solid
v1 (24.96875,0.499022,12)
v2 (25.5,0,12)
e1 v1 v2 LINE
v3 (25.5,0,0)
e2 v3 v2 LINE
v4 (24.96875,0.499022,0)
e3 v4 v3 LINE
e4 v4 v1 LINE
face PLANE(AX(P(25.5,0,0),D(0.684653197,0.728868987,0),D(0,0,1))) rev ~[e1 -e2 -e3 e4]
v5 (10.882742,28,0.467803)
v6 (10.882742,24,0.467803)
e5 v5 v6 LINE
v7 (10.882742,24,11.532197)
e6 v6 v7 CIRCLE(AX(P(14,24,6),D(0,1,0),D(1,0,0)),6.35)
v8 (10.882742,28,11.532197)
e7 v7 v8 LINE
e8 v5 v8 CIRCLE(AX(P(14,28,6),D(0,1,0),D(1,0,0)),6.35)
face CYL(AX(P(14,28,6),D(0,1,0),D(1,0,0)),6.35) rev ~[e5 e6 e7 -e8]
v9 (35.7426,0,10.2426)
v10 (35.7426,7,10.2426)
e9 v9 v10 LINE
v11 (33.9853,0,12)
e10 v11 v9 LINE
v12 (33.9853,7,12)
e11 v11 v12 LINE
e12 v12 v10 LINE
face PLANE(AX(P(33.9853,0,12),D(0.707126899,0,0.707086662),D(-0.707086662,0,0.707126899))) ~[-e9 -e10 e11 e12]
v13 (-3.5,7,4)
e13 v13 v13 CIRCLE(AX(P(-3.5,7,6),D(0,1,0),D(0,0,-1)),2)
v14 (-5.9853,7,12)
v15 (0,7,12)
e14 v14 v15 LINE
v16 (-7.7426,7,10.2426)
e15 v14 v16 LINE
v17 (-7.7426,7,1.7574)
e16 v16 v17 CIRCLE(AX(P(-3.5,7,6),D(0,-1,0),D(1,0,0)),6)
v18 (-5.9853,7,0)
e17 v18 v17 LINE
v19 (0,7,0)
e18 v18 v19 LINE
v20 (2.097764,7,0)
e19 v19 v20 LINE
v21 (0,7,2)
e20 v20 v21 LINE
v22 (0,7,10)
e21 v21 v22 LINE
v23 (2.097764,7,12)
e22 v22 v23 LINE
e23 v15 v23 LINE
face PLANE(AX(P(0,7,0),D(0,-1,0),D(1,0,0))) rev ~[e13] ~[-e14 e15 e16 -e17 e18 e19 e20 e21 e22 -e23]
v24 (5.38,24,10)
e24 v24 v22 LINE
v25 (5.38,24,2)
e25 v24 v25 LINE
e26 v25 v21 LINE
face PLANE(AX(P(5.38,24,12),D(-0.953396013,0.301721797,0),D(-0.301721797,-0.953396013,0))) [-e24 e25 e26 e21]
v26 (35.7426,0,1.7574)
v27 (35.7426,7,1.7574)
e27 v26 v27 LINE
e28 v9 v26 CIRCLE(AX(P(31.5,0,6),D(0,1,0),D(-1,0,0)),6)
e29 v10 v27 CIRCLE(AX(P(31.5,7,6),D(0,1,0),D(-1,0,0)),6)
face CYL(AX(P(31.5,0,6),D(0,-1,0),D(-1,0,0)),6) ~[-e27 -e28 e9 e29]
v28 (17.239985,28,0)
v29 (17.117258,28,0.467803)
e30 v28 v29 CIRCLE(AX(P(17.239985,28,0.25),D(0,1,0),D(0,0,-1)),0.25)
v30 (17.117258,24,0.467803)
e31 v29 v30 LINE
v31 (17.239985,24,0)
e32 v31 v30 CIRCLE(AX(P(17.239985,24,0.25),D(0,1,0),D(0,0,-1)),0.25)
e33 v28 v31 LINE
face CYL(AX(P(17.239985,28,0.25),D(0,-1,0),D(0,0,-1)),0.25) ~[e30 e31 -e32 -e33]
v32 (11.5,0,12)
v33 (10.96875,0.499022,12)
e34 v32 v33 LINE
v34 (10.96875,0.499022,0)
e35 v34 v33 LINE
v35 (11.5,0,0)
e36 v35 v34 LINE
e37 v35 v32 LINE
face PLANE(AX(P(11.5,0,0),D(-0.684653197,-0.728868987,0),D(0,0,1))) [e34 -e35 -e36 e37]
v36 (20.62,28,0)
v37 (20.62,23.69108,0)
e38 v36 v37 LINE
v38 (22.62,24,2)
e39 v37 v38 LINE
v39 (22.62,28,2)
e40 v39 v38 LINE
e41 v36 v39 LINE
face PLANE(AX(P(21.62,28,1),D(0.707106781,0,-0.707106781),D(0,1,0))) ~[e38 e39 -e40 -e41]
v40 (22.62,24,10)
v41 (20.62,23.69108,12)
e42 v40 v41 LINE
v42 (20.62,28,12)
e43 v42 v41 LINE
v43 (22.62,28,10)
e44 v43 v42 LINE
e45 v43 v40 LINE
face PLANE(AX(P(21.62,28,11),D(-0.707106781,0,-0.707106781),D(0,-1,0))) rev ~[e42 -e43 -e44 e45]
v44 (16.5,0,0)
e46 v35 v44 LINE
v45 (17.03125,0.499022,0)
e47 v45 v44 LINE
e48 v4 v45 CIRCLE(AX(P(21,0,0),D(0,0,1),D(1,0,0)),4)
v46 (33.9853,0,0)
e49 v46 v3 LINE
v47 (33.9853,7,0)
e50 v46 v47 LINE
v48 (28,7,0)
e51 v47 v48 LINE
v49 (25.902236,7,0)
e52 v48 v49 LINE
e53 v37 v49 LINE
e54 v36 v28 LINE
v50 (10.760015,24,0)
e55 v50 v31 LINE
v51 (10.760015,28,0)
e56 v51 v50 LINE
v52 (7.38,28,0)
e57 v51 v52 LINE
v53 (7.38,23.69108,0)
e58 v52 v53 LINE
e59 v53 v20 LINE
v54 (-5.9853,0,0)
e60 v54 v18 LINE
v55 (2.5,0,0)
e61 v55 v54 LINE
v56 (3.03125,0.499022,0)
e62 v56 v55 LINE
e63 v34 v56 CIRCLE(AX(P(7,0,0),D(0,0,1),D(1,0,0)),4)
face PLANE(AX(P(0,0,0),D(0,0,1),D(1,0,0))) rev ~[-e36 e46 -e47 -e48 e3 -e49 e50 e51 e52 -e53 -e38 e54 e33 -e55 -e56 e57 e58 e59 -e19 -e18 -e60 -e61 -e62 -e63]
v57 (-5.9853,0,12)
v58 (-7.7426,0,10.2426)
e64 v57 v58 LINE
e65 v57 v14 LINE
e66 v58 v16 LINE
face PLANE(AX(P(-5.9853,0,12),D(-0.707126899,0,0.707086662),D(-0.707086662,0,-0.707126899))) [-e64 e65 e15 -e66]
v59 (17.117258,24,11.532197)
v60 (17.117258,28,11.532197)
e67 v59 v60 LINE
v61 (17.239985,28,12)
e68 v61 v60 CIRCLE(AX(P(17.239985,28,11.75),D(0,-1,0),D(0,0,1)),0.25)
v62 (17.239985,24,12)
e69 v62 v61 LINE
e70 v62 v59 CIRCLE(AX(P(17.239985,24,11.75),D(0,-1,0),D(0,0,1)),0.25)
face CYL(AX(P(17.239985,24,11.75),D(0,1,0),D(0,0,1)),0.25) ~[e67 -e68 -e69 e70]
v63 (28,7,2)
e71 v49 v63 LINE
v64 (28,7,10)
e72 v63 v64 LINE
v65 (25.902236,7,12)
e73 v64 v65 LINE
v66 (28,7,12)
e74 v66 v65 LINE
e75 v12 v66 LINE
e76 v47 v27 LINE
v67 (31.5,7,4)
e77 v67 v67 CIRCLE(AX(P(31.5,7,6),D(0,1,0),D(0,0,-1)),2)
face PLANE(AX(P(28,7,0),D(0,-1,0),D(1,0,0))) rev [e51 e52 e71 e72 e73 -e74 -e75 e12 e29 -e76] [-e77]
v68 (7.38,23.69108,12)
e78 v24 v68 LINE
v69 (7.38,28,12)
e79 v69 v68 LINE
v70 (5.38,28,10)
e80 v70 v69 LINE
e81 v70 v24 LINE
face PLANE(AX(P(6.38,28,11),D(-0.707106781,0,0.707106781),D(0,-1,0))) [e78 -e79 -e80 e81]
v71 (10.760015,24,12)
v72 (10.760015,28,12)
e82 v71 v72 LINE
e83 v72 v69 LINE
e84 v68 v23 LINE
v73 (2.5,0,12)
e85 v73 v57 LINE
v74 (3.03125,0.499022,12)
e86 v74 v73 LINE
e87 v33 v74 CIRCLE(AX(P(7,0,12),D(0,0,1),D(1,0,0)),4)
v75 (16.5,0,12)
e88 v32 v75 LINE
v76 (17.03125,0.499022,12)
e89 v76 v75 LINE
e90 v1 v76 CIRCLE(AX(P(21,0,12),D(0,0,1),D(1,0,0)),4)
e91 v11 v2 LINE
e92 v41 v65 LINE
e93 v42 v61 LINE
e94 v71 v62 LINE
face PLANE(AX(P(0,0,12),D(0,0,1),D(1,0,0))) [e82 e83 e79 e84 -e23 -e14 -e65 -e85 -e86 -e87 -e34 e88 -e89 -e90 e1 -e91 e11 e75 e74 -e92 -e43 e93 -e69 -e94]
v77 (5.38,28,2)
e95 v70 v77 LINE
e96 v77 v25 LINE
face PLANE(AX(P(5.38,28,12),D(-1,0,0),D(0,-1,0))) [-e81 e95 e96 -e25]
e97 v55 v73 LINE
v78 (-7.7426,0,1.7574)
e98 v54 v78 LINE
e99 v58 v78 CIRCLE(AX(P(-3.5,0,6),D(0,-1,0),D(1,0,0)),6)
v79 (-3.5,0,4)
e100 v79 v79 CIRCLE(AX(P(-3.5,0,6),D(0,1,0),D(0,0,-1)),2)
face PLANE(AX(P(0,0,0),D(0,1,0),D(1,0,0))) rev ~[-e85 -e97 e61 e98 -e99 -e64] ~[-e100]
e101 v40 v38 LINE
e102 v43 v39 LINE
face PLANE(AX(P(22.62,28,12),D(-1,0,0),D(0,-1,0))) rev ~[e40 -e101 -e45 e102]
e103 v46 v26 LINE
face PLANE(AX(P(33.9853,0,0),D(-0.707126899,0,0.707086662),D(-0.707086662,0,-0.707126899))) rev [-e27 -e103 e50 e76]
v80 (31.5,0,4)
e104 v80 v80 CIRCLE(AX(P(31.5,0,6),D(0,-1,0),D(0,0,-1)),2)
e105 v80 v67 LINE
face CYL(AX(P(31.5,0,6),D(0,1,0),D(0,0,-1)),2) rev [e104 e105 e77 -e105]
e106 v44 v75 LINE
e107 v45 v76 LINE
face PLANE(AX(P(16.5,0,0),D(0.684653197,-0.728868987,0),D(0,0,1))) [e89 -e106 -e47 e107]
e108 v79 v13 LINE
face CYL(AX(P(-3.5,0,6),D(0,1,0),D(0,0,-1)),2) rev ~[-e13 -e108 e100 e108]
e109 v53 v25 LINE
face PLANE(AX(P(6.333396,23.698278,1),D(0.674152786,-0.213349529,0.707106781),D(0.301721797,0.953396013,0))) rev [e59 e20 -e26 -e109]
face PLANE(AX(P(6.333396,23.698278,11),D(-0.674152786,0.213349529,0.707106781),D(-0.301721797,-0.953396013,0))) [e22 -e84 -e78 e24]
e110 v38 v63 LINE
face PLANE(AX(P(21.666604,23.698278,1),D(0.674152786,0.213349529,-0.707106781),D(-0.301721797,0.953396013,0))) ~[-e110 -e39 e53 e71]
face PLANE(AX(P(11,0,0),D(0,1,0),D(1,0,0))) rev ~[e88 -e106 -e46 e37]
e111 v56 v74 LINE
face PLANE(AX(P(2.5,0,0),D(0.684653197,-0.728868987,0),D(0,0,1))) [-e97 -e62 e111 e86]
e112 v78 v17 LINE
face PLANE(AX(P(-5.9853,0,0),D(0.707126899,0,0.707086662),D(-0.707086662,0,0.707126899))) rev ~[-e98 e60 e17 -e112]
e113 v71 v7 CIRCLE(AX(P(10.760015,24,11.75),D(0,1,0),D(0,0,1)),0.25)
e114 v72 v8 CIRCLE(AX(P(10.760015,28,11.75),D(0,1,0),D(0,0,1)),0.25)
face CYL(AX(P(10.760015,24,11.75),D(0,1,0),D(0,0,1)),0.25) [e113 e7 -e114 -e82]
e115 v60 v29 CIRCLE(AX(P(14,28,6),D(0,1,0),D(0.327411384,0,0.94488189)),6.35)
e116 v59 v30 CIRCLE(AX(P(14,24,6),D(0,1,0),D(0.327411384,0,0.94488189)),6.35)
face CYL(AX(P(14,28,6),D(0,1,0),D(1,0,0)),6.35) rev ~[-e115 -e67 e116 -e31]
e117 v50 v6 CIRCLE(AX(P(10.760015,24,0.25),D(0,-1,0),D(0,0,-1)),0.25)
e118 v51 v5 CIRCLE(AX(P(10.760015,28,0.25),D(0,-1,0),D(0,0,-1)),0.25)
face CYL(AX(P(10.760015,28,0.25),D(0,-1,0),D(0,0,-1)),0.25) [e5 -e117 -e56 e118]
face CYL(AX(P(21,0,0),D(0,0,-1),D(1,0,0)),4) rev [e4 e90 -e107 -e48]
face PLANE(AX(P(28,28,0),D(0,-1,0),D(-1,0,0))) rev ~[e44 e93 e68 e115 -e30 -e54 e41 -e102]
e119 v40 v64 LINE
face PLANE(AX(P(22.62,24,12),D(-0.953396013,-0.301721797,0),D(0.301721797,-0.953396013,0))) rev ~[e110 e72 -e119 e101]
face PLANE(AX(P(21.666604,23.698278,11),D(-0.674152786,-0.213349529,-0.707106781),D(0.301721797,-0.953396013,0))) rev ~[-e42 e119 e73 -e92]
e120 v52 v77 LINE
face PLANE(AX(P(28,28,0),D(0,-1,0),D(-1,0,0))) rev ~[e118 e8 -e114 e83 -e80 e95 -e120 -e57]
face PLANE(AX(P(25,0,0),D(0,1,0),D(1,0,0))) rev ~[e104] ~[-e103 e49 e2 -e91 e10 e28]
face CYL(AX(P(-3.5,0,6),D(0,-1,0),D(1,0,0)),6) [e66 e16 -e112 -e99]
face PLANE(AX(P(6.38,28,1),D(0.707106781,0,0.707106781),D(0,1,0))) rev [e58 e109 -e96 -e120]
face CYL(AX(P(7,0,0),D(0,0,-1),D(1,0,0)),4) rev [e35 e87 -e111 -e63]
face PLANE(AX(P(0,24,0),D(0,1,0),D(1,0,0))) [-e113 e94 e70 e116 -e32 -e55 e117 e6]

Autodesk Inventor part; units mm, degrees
ref_plane "YZ Plane" through (0, 0, 0) normal (1, 0, 0) x (0, 1, 0)
ref_plane "XZ Plane" through (0, 0, 0) normal (0, 1, 0) x (-1, 0, 0)
sketch "Sketch1" plane through (0, 0, 0) normal (0, 0, 1) x (1, 0, 0)
  line L0 (0, 0) -> (28, 0)
  line L1 (28, 0) -> (28, 28)
  line L2 (28, 28) -> (0, 28)
  line L3 (0, 28) -> (0, 0)
  circle A0 centre (7, 0) radius 4
  circle A1 centre (21, 0) radius 4
  point P0 (3, 0)
  point P1 (11, 0)
  point P2 (17, 0)
  point P3 (25, 0)
  dimension "d0" = 28
  dimension "d1" = 28
  dimension "d2" = 8
  dimension "d3" = 8
  dimension "d4" = 14
  dimension "d5" = 7
  dimension "d6" = 7
extrude "Extrusion1" add sketch "Sketch1" along normal blind 12 contours A1 L0 A0 L3 L2 L1
chamfer "Chamfer1" distance 0.5 angle 45 4 edges at (3, 0, 6) (11, 0, 6) (17, 0, 6) (25, 0, 6)
sketch "Sketch2" plane through (0, 28, 0) normal (0, 1, 0) x (1, 0, 0)
  circle A0 centre (14, -6) radius 6.35
  line L0 (28, 0) -> (0, 0) projected
  line L1 (28, 0) -> (28, -12) projected
  point P0 (14, 0)
  point P1 (28, -6)
  point P2 (16.0791, 0)
  point P3 (11.9209, 0)
  dimension "d12" = 12.7
extrude "Extrusion2" cut sketch "Sketch2" against normal blind 4 contours A0 L0 picked at (13.6383, -8.0675)
fillet "Fillet1" radius 0.25 4 edges at (11.9209, 26, 0) (16.0791, 26, 0) (11.9209, 26, 12) (16.0791, 26, 12)
ref_plane "Work Plane3" through (14, 0, 0) normal (-1, 0, 0) x (0, 0, 1)
sketch "Sketch5" plane through (0, 0, 0) normal (0, -1, 0) x (1, 0, 0)
  circle A0 centre (-3.5, 6) radius 2
  circle A1 centre (-3.5, 6) radius 3.5
  circle A2 centre (-3.5, 6) radius 6
  line L0 (2.5, 12) -> (2.5, 0) projected
  line L1 (0, 12) -> (2.5, 12) projected
  line L2 (0, 0) -> (0, 12) projected
  line L3 (0, 0) -> (2.5, 0) projected
  line L4 (0, 0) -> (0, 12) projected
  line L5 (0, 0) -> (-5.9853, 0)
  line L6 (-5.9853, 0) -> (-7.7426, 1.7574)
  line L7 (0, 12) -> (-5.9853, 12)
  line L8 (-5.9853, 12) -> (-7.7426, 10.2426)
  line L9 (0, 0) -> (0, 12) projected
  dimension "d22" = 4
  dimension "d23" = 7
  dimension "d24" = 135
  dimension "d25" = 135
extrude "Extrusion3" add sketch "Sketch5" against normal blind 7 contours A0 | A1 | L2 A2 | L2 L5 A2 | A2 L7 L2 | L5 L6 A2 | A2 L8 L7 picked at (-7.4809, 9.2519)
sketch "Sketch6" plane through (2.5, 0, 0) normal (0, -1, 0) x (1, 0, 0)
  arc A0 (-10.2426, 10.2426) -> (-10.2426, 1.7574) centre (-6, 6) ccw projected
  point P0 (-2.5, 0)
hole "Hole1" at (-3.5, 0, 6) direction (0, 1, 0) diameter 4 end through all
mirror "Mirror2" about plane through (14, 0, 0) normal (-1, 0, 0) of "Extrusion3", "Hole1"
sketch "Sketch7" plane through (0, 0, 12) normal (0, 0, 1) x (1, 0, 0)
  line L0 (17.24, 24) -> (10.76, 24) projected
  line L1 (17.1173, 24) -> (17.24, 24) projected
  line L2 (17.1173, 24) -> (17.1173, 24) projected
  line L3 (17.24, 24) -> (17.1173, 24) projected
  line L4 (10.76, 24) -> (17.24, 24) projected
  line L5 (10.8827, 24) -> (10.76, 24) projected
  line L6 (10.8827, 24) -> (10.8827, 24) projected
  line L7 (10.76, 24) -> (10.8827, 24) projected
  line L8 (17.1173, 24) -> (20.35, 24) projected
  line L9 (7.65, 24) -> (10.8827, 24) projected
  line L10 (28, 28) -> (17.24, 28) projected
  line L11 (22.62, 28) -> (22.62, 24)
  line L12 (28, 7) -> (28, 28) projected
  line L13 (22.62, 24) -> (28, 7)
  line L14 (10.76, 28) -> (0, 28) projected
  line L15 (5.38, 28) -> (5.38, 24)
  line L16 (0, 28) -> (0, 7) projected
  line L17 (5.38, 24) -> (0, 7)
  line L18 (17.24, 24) -> (10.76, 24) projected
  point P0 (0, 0)
extrude "Extrusion4" cut sketch "Sketch7" against normal through all
chamfer "Chamfer2" distance 2 angle 45 8 edges at (22.62, 26, 12) (25.31, 15.5, 12) (22.62, 26, 0) (25.31, 15.5, 0) (2.69, 15.5, 12) (2.69, 15.5, 0) (5.38, 26, 0) (5.38, 26, 12)
equation "\"d1\" = MotorHeight"
equation "\"d5\" = d6"
equation "\"MotorHeight\" = MotorHeightBase"
equation "\"MotorHeightBase\" = 28"
properties part number "Magnet Mount"
